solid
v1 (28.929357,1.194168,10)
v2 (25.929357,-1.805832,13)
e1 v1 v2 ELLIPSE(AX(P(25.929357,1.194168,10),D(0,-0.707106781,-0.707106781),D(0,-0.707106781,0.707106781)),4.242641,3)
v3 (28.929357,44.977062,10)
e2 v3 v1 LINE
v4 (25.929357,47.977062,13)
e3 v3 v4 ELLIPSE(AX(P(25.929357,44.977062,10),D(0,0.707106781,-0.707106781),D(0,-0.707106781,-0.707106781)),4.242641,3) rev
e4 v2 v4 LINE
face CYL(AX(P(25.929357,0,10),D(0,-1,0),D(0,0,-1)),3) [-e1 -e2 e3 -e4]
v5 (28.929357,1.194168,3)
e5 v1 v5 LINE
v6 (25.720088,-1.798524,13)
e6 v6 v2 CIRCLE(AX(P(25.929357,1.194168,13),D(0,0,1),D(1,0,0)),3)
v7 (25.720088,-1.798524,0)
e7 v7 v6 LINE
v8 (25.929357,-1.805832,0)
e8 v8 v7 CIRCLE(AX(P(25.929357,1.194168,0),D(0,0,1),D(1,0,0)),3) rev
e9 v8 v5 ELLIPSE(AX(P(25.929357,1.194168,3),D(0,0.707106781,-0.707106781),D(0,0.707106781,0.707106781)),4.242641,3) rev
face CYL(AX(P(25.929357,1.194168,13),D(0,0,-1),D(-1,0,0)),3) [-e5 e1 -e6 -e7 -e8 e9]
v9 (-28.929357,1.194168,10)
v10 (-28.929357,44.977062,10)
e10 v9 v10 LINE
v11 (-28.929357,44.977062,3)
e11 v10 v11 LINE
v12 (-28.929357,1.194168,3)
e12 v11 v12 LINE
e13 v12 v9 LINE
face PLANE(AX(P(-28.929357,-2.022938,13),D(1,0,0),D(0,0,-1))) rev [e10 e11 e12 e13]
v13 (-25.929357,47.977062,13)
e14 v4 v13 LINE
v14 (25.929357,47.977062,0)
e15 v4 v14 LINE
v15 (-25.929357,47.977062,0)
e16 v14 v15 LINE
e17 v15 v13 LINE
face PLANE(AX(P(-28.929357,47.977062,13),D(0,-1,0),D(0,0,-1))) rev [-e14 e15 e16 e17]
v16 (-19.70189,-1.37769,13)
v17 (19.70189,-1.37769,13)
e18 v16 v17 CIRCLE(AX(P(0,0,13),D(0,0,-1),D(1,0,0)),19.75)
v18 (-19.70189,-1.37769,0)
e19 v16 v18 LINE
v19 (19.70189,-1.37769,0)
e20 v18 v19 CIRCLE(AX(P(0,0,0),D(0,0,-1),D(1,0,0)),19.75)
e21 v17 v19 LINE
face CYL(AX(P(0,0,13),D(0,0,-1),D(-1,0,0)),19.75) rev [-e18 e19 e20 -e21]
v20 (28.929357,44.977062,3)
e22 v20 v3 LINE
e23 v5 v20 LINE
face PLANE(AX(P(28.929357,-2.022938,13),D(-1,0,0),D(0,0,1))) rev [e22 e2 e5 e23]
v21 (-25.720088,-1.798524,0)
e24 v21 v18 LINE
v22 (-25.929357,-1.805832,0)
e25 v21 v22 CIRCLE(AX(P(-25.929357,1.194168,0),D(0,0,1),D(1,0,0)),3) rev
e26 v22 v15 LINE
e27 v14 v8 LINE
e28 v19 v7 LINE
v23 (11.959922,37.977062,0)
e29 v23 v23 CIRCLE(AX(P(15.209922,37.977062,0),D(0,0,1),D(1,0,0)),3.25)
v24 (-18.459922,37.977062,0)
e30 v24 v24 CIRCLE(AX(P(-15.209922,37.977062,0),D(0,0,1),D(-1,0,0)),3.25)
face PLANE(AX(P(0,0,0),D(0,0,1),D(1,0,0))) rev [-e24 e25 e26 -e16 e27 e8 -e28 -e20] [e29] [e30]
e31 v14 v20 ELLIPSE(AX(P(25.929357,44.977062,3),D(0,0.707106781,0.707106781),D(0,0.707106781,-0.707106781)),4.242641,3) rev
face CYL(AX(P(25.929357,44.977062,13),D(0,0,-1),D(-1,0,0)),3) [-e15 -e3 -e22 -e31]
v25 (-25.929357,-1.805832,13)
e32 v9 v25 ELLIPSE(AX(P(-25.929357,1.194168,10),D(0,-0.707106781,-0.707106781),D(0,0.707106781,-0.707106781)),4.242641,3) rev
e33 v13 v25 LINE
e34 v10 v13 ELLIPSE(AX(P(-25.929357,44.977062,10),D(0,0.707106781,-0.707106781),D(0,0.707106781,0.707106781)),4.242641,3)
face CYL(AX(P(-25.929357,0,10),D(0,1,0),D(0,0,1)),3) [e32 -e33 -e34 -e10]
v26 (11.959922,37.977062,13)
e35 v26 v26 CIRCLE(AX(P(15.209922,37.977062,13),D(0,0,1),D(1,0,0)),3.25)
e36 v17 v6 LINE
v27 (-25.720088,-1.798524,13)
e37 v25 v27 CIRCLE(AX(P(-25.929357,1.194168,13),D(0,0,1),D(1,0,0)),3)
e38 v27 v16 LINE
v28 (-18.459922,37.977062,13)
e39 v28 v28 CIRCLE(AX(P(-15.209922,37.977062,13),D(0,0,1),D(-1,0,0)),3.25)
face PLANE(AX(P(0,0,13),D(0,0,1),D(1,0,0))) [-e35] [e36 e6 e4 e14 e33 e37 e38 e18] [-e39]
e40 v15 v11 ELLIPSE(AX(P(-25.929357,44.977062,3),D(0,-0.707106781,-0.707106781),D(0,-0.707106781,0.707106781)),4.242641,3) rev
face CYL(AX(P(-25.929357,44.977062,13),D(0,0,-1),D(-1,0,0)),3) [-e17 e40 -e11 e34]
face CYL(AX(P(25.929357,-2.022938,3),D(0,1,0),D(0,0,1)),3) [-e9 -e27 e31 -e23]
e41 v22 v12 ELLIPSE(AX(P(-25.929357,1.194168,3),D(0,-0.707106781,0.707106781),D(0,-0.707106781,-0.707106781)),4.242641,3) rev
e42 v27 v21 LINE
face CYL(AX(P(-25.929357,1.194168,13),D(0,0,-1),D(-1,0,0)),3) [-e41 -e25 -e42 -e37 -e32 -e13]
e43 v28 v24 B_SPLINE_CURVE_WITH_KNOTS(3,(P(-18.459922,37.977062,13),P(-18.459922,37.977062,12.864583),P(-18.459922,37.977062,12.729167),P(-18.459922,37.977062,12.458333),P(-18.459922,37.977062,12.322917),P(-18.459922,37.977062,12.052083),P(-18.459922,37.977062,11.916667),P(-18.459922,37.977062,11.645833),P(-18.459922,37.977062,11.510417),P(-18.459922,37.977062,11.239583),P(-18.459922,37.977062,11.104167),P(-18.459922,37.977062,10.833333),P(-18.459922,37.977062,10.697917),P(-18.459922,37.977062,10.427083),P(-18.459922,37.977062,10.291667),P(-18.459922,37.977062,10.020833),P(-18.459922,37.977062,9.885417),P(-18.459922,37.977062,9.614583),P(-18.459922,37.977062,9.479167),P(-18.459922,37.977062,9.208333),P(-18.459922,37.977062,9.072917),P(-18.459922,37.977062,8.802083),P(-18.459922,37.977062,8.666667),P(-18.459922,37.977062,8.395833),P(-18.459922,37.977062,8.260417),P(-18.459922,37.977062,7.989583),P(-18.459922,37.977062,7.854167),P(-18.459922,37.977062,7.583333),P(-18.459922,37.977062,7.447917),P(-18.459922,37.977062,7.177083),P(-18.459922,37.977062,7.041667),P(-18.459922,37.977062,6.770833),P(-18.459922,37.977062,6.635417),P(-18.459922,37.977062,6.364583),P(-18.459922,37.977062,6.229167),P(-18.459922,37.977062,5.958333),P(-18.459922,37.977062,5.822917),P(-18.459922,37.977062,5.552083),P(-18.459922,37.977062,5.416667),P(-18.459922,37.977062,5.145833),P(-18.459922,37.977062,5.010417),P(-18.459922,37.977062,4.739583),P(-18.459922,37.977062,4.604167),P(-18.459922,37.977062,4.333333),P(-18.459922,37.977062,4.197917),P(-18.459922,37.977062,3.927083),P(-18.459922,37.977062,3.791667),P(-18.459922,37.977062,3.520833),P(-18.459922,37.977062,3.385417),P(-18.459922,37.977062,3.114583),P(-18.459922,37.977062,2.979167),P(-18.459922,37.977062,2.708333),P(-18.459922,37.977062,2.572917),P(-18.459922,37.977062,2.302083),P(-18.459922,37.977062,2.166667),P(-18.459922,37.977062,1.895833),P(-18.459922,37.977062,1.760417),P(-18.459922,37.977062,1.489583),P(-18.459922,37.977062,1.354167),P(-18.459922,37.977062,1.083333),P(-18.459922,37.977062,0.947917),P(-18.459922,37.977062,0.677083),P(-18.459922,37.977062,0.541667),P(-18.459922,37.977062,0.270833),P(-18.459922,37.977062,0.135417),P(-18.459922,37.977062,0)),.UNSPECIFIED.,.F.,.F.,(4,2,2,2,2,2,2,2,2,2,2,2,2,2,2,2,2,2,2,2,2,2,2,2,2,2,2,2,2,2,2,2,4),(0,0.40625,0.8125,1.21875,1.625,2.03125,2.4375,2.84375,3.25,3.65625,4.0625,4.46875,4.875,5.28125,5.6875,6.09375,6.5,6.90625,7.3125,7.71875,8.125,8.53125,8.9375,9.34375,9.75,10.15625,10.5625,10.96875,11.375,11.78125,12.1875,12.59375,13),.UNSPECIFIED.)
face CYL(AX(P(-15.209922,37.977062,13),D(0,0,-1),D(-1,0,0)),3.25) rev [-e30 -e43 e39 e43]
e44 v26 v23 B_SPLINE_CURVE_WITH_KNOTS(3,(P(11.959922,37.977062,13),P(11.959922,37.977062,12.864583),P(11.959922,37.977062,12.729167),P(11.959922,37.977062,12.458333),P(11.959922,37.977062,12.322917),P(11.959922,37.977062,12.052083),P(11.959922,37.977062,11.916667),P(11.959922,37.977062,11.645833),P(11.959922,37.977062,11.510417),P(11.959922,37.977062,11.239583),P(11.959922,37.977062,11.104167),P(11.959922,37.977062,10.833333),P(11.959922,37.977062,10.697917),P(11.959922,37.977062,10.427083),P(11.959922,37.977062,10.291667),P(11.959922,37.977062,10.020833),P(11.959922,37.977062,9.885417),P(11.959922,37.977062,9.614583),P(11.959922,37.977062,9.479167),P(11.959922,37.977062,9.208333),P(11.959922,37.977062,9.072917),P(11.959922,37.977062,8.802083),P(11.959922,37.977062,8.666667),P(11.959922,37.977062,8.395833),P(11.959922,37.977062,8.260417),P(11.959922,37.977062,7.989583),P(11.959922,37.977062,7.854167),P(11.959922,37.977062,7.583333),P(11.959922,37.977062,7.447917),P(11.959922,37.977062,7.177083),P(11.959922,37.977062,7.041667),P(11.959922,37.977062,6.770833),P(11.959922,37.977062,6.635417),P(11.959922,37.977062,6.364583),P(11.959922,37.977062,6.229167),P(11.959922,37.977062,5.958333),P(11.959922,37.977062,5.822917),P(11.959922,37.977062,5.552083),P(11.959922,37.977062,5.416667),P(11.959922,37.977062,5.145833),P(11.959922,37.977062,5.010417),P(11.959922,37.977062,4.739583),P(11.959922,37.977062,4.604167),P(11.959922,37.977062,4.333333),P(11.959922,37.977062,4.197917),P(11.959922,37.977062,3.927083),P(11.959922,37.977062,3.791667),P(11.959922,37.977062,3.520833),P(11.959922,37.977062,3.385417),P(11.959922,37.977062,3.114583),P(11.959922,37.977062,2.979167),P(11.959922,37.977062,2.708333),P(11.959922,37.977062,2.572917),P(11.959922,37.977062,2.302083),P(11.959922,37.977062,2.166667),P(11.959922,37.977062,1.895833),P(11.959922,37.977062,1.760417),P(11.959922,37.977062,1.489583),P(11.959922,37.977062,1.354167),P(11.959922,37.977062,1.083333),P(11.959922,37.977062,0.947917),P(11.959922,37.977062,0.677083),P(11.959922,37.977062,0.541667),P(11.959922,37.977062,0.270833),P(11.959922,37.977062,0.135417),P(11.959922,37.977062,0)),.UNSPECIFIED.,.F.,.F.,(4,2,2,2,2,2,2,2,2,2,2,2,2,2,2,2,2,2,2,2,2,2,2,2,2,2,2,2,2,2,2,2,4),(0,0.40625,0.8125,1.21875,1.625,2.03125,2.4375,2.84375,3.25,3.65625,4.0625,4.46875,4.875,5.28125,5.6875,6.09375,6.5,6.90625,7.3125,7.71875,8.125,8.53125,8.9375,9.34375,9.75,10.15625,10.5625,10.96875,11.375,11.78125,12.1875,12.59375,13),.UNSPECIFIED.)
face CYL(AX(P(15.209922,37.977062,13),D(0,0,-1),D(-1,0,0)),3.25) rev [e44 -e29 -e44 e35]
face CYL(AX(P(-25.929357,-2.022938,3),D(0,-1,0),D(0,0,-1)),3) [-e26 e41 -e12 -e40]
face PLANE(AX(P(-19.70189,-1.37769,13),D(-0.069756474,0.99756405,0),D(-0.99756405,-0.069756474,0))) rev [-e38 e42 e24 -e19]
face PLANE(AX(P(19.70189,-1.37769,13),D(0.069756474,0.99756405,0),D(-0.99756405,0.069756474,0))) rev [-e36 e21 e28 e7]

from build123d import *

# Parameters (mm, degrees)
SKETCH2_R           = 3.25
BOSS_EXTRUDE1_DEPTH = 13
FILLET1_R           = 3


with BuildPart() as part:
    # Sketch2 → Boss-Extrude1 (new body)
    with BuildSketch(Plane.XY):
        with BuildLine():
            Line((-19.701889993, -1.377690356), (-28.929357458, -2.022937739))
            Line((-28.929357458, -2.022937739), (-28.929357458, 47.977062261))
            Line((-28.929357458, 47.977062261), (28.929357458, 47.977062261))
            Line((28.929357458, 47.977062261), (28.929357458, -2.022937739))
            Line((28.929357458, -2.022937739), (19.701889993, -1.377690356))
            ThreePointArc((19.701889993, -1.377690356), (0, 19.75), (-19.701889993, -1.377690356))
        make_face()
        with Locations(Location((15.209921646, 37.977062261, 0), (0, 0, 180))):
            Circle(SKETCH2_R, mode=Mode.SUBTRACT)
        with Locations(Location((-15.209921646, 37.977062261, 0), (0, 0, 180))):
            Circle(SKETCH2_R, mode=Mode.SUBTRACT)
    extrude(amount=BOSS_EXTRUDE1_DEPTH)

    # Fillet1
    fillet1_edges = [part.edges().sort_by_distance(p)[0] for p in [
        (28.929357458, 22.977062261, 13),
        (-28.929357458, -2.022937739, 6.5),
        (-28.929357458, 47.977062261, 6.5),
        (28.929357458, 47.977062261, 6.5),
        (28.929357458, -2.022937739, 6.5),
        (-28.929357458, 22.977062261, 13),
        (-28.929357458, 22.977062261, 0),
        (28.929357458, 22.977062261, 0),
    ]]
    fillet(fillet1_edges, radius=FILLET1_R)


solid = part.part
